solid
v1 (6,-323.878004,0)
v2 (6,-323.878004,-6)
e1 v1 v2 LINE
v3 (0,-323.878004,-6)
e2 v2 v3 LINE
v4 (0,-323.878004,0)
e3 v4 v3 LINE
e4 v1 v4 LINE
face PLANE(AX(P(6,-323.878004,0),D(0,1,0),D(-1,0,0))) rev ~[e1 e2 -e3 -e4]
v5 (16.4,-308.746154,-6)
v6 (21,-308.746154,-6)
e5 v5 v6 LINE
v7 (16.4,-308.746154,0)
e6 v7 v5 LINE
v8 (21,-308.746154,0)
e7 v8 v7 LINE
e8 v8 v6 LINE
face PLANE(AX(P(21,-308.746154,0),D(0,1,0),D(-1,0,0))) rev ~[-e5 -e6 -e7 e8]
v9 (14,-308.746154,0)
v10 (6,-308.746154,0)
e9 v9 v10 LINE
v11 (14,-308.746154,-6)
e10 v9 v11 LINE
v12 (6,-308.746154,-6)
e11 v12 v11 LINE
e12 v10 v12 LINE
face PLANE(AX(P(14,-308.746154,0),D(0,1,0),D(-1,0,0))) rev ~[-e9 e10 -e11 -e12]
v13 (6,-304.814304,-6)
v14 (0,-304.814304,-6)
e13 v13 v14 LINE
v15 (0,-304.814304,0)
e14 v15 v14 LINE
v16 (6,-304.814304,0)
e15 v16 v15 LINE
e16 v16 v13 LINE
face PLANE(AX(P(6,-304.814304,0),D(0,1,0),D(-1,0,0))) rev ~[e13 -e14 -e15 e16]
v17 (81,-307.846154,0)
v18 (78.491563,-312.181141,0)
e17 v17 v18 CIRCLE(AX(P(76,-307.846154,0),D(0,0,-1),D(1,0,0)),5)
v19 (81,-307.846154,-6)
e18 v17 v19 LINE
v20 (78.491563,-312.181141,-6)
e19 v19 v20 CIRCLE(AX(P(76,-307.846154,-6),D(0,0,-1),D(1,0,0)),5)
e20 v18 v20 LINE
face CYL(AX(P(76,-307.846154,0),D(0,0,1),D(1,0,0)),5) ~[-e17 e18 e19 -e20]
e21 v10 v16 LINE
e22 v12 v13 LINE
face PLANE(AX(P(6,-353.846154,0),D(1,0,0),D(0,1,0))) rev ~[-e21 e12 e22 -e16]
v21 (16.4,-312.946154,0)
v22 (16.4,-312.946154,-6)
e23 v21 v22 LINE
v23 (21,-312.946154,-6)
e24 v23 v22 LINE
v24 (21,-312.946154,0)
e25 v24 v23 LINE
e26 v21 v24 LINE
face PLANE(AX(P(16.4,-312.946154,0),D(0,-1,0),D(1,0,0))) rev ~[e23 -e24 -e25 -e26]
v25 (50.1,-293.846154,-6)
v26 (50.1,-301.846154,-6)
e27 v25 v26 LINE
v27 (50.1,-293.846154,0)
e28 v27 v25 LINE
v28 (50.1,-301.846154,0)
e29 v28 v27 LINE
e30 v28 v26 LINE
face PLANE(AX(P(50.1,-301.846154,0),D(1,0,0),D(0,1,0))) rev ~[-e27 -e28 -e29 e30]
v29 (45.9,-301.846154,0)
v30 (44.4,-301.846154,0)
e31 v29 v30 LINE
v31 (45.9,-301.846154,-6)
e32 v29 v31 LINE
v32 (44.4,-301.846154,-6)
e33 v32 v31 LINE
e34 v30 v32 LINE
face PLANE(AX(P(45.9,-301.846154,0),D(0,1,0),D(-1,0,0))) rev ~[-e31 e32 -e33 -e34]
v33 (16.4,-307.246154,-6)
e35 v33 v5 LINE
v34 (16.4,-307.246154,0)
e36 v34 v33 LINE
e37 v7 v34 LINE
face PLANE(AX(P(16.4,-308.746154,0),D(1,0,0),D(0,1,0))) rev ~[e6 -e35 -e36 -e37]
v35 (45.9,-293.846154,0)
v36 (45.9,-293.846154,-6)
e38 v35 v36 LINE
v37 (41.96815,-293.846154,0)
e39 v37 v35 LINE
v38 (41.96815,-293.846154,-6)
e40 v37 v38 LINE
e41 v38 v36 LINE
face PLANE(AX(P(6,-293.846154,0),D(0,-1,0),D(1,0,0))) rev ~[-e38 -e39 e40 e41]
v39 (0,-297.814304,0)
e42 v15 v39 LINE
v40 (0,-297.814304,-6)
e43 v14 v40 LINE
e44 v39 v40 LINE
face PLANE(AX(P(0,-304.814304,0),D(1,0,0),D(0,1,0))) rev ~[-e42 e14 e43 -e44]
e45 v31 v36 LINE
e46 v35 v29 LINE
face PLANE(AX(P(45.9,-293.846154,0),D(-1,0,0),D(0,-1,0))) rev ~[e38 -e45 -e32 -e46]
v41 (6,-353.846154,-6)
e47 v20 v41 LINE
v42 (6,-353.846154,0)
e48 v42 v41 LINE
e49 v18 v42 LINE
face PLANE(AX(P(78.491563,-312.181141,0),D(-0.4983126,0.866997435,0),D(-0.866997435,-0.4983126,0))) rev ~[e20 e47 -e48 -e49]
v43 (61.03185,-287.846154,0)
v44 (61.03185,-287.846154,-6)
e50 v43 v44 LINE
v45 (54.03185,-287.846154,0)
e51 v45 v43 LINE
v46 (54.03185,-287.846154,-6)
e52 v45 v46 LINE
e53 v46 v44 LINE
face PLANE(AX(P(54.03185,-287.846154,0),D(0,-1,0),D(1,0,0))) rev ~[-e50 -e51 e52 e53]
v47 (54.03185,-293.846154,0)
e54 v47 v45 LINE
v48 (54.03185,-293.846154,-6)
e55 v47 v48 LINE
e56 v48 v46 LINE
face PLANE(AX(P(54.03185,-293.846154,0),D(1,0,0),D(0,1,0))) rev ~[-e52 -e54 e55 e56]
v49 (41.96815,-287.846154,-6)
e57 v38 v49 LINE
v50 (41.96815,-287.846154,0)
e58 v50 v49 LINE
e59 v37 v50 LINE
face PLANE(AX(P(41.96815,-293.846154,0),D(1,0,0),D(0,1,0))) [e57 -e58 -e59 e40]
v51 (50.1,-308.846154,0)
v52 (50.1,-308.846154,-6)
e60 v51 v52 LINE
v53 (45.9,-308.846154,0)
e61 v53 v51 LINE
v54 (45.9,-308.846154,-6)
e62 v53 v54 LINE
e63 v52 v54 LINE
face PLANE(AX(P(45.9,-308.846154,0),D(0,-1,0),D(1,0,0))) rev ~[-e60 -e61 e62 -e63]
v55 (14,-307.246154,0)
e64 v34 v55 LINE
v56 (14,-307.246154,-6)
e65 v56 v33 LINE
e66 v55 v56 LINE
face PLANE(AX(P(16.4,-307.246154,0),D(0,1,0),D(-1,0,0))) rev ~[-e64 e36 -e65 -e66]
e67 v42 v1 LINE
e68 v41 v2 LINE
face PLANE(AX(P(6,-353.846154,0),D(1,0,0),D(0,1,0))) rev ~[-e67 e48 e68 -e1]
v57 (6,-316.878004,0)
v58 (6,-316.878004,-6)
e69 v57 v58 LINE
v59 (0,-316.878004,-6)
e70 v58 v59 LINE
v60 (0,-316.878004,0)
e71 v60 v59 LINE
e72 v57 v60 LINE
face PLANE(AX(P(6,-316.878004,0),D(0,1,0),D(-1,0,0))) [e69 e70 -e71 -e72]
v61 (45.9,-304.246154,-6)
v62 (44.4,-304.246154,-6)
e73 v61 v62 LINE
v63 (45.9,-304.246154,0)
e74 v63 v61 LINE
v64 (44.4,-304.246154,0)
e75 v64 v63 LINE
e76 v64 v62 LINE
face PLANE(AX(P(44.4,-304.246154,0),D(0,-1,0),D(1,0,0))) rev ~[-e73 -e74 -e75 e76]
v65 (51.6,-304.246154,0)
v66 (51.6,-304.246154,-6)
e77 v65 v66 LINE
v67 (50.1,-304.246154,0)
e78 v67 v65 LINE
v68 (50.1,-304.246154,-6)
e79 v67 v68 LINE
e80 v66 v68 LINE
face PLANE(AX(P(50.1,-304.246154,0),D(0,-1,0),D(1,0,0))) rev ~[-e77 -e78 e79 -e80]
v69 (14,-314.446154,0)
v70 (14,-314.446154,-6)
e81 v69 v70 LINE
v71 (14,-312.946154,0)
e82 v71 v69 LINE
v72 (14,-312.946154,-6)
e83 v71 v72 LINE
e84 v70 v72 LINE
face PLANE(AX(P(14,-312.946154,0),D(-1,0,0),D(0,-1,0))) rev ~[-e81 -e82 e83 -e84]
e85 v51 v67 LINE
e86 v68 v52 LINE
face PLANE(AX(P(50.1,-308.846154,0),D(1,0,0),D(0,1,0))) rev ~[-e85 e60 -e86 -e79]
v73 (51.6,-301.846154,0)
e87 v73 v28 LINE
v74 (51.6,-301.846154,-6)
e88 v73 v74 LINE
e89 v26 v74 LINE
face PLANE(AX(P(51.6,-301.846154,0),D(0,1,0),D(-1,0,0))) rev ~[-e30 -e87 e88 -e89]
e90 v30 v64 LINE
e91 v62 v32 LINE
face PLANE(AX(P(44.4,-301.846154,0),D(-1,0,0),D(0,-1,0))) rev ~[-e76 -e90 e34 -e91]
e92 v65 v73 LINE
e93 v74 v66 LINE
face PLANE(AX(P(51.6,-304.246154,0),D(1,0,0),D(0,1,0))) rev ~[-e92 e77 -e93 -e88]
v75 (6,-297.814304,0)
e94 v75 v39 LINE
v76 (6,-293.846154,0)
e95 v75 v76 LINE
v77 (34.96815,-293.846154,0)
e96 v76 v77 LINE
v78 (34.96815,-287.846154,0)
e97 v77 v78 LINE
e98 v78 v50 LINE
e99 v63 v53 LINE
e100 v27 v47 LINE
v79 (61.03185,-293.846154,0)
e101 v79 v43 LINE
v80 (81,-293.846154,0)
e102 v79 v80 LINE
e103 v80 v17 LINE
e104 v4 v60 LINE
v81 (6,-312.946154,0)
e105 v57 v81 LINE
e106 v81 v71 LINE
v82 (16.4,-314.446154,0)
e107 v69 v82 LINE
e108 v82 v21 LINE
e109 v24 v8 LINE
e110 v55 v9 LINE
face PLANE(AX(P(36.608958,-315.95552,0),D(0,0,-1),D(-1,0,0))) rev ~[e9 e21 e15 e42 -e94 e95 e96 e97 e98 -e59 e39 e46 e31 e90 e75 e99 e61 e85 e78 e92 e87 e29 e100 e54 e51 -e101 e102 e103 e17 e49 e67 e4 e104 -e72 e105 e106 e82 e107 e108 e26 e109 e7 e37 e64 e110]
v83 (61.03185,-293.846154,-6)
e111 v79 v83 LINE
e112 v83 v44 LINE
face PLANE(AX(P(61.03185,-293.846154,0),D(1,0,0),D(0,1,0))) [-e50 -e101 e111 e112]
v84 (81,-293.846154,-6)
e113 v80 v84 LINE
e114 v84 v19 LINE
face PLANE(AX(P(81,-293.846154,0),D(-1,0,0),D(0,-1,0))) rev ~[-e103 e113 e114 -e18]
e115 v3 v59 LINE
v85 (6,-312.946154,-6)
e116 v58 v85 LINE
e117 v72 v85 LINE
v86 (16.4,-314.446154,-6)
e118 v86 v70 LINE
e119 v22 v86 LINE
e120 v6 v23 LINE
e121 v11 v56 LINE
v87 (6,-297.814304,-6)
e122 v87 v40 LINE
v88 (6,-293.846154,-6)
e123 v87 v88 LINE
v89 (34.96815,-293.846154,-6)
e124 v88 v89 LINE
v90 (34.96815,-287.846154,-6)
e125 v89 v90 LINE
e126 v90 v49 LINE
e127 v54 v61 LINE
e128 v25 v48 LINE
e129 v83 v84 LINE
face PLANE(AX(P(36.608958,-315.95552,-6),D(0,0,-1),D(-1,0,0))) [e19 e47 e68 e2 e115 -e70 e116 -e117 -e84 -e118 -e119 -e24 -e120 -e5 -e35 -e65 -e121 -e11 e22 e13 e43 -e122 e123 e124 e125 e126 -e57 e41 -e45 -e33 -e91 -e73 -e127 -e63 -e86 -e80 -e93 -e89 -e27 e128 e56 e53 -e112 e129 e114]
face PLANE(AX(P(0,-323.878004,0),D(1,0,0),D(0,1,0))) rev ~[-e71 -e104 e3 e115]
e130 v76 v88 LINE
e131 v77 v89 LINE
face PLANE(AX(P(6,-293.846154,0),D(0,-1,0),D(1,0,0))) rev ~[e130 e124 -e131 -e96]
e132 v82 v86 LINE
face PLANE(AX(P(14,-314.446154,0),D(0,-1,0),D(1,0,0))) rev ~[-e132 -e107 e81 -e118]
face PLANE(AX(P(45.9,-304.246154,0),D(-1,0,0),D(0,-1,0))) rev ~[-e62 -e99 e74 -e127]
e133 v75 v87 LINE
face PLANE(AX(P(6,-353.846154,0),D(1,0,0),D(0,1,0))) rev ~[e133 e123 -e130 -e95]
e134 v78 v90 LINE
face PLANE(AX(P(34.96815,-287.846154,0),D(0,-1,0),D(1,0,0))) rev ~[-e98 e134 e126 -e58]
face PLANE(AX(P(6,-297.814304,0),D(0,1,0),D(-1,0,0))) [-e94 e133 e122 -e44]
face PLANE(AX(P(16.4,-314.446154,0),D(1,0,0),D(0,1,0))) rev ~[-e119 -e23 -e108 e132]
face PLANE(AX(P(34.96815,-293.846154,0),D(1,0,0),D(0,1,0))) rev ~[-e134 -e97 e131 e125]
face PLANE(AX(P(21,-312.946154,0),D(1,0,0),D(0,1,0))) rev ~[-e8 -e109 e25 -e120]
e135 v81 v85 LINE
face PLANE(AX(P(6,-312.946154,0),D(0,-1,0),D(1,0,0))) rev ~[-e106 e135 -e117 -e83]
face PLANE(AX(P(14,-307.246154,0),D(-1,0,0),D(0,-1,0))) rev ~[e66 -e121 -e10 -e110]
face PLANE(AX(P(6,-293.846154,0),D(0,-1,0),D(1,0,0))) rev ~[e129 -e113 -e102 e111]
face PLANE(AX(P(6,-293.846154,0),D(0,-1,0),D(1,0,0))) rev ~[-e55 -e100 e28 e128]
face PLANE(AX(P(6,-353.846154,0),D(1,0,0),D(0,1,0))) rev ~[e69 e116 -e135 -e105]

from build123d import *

# Parameters (mm, degrees)
EXTRUDE_1_DEPTH      = 6
SKETCH_2_W           = 7
SKETCH_2_H           = 6
EXTRUDE_2_DEPTH      = 6
CUT_EXTRUDE_1_DEPTH  = 7
SKETCH_21_W          = 7
SKETCH_21_H          = 6
EXTRUDE_21_DEPTH     = 6
CUT_EXTRUDE_11_DEPTH = 7


with BuildPart() as part:
    # Эскиз1 → Бобышка-Вытянуть1 (new body)
    with BuildSketch(Plane.XY):
        with BuildLine():
            Line((81, -293.846153846), (81, -307.846153846))
            ThreePointArc((81, -307.846153846), (80.327690782, -310.350368792), (78.491563001, -312.181141022))
            Line((78.491563001, -312.181141022), (6, -353.846153846))
            Line((6, -353.846153846), (6, -293.846153846))
            Line((6, -293.846153846), (81, -293.846153846))
        make_face()
    extrude(amount=-EXTRUDE_1_DEPTH)

    # Эскиз2 → Бобышка-Вытянуть2 (add)
    with BuildSketch(Plane(origin=(56, -310.846153846, 0), x_dir=(0, 1, 0), z_dir=(0, 0, 1))):
        with Locations((-9.531849908, 53)):
            Rectangle(SKETCH_2_W, SKETCH_2_H)
        with Locations((9.531849908, 53)):
            Rectangle(SKETCH_2_W, SKETCH_2_H)
    extrude(amount=-EXTRUDE_2_DEPTH)

    # Эскиз3 → Вырез-Вытянуть1 (cut, through all)
    with BuildSketch(Plane(origin=(56, -310.846153846, 0), x_dir=(0, 1, 0), z_dir=(0, 0, 1))):
        Polygon((-2.1, 42), (-3.6, 42), (-3.6, 39.6), (-2.1, 39.6), (-2.1, 35), (2.1, 35), (2.1, 39.6), (3.6, 39.6), (3.6, 42), (2.1, 42), (2.1, 50), (-2.1, 50), align=None)
    extrude(amount=-CUT_EXTRUDE_1_DEPTH, mode=Mode.SUBTRACT)

    # Эскиз21 → Бобышка-Вытянуть21 (add)
    with BuildSketch(Plane(origin=(48, -343.846153846, 0), x_dir=(1, 0, 0), z_dir=(0, 0, 1))):
        with Locations((-9.531849908, 53)):
            Rectangle(SKETCH_21_W, SKETCH_21_H)
        with Locations((9.531849908, 53)):
            Rectangle(SKETCH_21_W, SKETCH_21_H)
    extrude(amount=-EXTRUDE_21_DEPTH)

    # Эскиз31 → Вырез-Вытянуть11 (cut, through all)
    with BuildSketch(Plane(origin=(48, -343.846153846, 0), x_dir=(1, 0, 0), z_dir=(0, 0, 1))):
        Polygon((-2.1, 42), (-3.6, 42), (-3.6, 39.6), (-2.1, 39.6), (-2.1, 35), (2.1, 35), (2.1, 39.6), (3.6, 39.6), (3.6, 42), (2.1, 42), (2.1, 50), (-2.1, 50), align=None)
    extrude(amount=-CUT_EXTRUDE_11_DEPTH, mode=Mode.SUBTRACT)


solid = part.part
